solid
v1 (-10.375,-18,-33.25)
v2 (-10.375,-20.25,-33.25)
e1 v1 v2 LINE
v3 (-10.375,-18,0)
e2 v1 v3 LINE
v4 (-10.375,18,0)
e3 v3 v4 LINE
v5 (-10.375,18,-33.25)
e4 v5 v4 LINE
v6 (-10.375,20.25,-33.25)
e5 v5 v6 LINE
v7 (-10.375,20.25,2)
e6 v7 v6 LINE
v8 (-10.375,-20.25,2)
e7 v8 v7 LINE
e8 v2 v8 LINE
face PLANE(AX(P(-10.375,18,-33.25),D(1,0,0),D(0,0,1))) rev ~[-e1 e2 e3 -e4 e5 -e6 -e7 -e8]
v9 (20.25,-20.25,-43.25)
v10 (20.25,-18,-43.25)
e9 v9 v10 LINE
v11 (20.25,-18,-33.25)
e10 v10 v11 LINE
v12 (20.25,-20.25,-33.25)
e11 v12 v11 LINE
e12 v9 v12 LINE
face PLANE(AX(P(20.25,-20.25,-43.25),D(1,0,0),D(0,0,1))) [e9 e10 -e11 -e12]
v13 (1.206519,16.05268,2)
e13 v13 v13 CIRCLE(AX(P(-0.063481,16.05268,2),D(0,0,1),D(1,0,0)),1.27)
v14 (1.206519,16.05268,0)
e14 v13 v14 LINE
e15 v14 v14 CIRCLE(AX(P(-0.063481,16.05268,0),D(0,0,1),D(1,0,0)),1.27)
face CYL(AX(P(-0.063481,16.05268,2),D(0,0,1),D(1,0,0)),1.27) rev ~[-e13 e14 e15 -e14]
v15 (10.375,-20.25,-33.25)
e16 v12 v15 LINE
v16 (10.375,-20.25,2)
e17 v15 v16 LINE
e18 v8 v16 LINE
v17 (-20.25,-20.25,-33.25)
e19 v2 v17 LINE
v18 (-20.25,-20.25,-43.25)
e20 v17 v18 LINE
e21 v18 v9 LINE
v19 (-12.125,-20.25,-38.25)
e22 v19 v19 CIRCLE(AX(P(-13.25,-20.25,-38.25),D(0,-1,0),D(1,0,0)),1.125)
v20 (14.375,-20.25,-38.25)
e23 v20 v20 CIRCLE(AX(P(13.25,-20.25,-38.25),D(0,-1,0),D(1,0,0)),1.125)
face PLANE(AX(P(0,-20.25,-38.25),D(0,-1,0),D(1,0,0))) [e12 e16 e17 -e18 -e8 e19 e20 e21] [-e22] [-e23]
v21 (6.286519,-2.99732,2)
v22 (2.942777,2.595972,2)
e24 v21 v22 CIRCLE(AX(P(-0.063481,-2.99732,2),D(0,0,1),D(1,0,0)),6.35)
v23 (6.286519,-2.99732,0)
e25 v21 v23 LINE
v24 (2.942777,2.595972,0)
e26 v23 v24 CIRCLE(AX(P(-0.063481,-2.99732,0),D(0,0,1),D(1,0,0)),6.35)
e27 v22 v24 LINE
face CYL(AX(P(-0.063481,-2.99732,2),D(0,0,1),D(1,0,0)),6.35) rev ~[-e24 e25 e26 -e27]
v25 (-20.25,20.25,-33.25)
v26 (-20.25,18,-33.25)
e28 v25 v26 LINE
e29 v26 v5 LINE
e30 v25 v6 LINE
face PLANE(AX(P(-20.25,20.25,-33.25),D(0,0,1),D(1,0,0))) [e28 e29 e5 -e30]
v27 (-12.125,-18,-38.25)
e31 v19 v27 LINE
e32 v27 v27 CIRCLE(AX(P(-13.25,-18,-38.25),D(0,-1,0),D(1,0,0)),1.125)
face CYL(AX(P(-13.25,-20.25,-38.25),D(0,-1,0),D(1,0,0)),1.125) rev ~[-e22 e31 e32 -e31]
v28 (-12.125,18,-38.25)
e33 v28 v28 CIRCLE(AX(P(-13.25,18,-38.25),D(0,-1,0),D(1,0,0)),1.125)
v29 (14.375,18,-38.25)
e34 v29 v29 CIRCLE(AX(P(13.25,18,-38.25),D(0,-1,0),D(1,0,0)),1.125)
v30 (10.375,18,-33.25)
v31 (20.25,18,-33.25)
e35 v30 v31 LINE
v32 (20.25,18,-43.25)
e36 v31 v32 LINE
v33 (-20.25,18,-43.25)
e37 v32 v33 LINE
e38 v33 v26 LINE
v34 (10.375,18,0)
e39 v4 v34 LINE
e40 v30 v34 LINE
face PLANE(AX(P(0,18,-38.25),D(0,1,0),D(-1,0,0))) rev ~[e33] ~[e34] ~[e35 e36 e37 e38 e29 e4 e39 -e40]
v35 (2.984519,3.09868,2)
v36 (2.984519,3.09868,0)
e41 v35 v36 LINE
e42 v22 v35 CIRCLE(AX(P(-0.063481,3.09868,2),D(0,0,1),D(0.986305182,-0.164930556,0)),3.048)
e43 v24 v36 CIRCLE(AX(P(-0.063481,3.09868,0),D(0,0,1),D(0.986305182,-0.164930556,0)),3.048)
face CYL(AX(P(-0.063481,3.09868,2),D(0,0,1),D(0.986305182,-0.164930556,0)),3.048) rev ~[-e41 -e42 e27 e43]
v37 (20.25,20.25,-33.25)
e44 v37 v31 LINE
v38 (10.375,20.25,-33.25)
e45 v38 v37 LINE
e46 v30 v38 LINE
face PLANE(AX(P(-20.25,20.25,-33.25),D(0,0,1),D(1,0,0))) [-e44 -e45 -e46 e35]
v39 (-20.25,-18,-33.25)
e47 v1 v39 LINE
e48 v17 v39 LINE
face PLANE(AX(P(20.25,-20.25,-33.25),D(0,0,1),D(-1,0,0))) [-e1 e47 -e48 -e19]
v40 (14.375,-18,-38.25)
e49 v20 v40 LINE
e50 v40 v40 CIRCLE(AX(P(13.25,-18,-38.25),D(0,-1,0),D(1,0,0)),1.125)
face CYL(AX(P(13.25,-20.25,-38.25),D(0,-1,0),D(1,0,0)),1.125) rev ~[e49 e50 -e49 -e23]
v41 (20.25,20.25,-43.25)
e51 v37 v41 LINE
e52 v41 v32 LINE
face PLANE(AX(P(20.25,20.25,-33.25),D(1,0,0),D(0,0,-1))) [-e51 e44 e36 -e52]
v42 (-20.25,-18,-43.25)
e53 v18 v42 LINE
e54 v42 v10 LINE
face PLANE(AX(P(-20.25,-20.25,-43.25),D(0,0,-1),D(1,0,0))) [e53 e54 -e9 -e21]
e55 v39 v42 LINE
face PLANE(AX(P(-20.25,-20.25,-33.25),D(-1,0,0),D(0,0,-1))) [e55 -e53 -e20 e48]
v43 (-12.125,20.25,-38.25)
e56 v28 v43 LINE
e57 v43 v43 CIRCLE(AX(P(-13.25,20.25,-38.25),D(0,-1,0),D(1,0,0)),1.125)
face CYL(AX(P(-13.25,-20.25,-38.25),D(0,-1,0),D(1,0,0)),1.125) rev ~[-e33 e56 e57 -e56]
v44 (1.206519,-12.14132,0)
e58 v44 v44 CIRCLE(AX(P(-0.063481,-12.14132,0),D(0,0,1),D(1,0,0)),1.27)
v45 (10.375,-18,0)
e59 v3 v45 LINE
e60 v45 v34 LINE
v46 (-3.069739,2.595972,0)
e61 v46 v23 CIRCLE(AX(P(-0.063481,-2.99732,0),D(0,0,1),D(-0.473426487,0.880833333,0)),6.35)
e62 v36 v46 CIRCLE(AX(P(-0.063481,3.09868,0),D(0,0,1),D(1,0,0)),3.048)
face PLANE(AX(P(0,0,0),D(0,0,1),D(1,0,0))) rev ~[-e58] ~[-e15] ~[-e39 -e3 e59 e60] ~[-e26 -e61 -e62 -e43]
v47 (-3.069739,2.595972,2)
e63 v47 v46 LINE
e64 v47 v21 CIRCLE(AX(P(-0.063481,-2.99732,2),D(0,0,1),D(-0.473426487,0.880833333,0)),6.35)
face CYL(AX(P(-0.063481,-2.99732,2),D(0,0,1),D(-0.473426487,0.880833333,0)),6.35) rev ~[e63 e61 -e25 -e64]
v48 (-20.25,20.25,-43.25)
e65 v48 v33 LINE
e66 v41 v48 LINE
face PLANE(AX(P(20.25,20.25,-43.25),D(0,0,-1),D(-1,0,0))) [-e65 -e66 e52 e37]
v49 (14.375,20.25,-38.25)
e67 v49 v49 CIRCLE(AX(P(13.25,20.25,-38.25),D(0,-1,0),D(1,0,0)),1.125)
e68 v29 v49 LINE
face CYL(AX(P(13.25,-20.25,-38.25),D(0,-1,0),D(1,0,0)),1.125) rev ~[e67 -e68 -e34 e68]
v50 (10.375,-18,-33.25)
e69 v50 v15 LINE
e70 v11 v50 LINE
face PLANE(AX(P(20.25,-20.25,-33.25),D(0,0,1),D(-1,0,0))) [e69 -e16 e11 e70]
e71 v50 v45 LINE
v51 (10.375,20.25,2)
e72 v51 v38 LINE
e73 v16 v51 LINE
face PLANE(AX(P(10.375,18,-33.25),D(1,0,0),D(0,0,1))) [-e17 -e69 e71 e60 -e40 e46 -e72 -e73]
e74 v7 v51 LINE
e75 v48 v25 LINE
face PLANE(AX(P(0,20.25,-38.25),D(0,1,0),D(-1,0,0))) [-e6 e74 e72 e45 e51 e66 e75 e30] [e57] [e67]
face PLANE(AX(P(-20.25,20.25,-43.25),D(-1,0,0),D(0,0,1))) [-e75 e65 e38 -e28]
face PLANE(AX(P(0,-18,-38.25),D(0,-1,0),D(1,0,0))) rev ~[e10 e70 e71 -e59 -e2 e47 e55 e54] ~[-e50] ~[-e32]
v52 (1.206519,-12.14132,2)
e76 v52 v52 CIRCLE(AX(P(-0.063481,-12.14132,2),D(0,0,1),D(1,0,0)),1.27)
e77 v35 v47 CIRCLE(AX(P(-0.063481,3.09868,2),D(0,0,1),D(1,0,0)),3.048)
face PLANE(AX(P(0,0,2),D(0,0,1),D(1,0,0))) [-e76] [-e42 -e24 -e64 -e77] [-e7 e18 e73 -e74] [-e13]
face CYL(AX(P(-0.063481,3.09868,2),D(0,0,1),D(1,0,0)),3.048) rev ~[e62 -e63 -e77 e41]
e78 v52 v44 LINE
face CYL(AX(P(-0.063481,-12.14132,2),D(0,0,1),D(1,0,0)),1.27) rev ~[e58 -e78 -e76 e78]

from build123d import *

# Parameters (mm, degrees)
F0_W      = 20.75
F0_H      = 40.5
F2_DEPTH  = 2
F3_START  = 18
F1_W      = 20.75
F1_H      = 33.25
F3_DEPTH  = 2.25
F4_START  = -18
F4_DEPTH  = 2.25
F6_DEPTH  = 2.25
F8_DEPTH  = 2.25
F9_R      = 1.125
F10_DEPTH = 40.501
F11_R     = 1.27
F12_DEPTH = 2


with BuildPart() as f2:
    # F0 (on Top) → F2 (new body)
    with BuildSketch(Plane.XY):
        Rectangle(F0_W, F0_H)
    extrude(amount=F2_DEPTH)

    # F1 (on Front) → F3 (join)
    with BuildSketch(Plane.XZ.offset(F3_START)):
        with Locations((0, -16.625)):
            Rectangle(F1_W, F1_H)
    extrude(amount=F3_DEPTH)

    # F1 (on Front) → F4 (join)
    with BuildSketch(Plane.XZ.offset(F4_START)):
        with Locations((0, -16.625)):
            Rectangle(F1_W, F1_H)
    extrude(amount=-F4_DEPTH)

    # F5 (on face) → F6 (join, through all)
    with BuildSketch(Plane(origin=(0, 20.25, 0), x_dir=(-1, 0, 0), z_dir=(0, 1, 0))):
        Polygon((-10.375, -33.25), (-20.25, -33.25), (-20.25, -43.25), (20.25, -43.25), (20.25, -33.25), (10.375, -33.25), align=None)
    extrude(amount=-F6_DEPTH)

    # F7 (on face) → F8 (join, through all)
    with BuildSketch(Plane.XZ.offset(20.25)):
        Polygon((0, -33.25), (-20.25, -33.25), (-20.25, -43.25), (20.25, -43.25), (20.25, -33.25), align=None)
    extrude(amount=-F8_DEPTH)

    # F9 (on face) → F10 (cut, through all)
    with BuildSketch(Plane.XZ.offset(20.25)):
        with Locations((-13.25, -38.25)):
            Circle(F9_R)
        with Locations((13.25, -38.25)):
            Circle(F9_R)
    extrude(amount=-F10_DEPTH, mode=Mode.SUBTRACT)

    # F11 (on face) → F12 (cut, through all)
    with BuildSketch(Plane.XY.offset(2)):
        with BuildLine():
            ThreePointArc((-3.0697393815, 2.5959719896), (-3.3217599094, -8.4476517557), (6.286518813, -2.9973196771))
            ThreePointArc((6.286518813, -2.9973196771), (5.3868508916, 0.2609590453), (2.9427770074, 2.5959719896))
            ThreePointArc((2.9427770074, 2.5959719896), (-0.063481187, 0.0506803229), (-3.0697393815, 2.5959719896))
        make_face()
        with BuildLine():
            ThreePointArc((-3.0697393815, 2.5959719896), (-0.063481187, 3.3526803229), (2.9427770074, 2.5959719896))
            ThreePointArc((2.9427770074, 2.5959719896), (2.9740654362, 2.846461149), (2.984518813, 3.0986803229))
            ThreePointArc((2.984518813, 3.0986803229), (-0.315700361, 6.1362269461), (-3.0697393815, 2.5959719896))
        make_face()
        with BuildLine():
            ThreePointArc((-3.0697393815, 2.5959719896), (-0.063481187, 0.0506803229), (2.9427770074, 2.5959719896))
            ThreePointArc((2.9427770074, 2.5959719896), (-0.063481187, 3.3526803229), (-3.0697393815, 2.5959719896))
        make_face()
        with Locations((-0.063481187, -12.1413196771)):
            Circle(F11_R)
        with Locations((-0.063481187, 16.0526803229)):
            Circle(F11_R)
    extrude(amount=-F12_DEPTH, mode=Mode.SUBTRACT)


solid = f2.part
